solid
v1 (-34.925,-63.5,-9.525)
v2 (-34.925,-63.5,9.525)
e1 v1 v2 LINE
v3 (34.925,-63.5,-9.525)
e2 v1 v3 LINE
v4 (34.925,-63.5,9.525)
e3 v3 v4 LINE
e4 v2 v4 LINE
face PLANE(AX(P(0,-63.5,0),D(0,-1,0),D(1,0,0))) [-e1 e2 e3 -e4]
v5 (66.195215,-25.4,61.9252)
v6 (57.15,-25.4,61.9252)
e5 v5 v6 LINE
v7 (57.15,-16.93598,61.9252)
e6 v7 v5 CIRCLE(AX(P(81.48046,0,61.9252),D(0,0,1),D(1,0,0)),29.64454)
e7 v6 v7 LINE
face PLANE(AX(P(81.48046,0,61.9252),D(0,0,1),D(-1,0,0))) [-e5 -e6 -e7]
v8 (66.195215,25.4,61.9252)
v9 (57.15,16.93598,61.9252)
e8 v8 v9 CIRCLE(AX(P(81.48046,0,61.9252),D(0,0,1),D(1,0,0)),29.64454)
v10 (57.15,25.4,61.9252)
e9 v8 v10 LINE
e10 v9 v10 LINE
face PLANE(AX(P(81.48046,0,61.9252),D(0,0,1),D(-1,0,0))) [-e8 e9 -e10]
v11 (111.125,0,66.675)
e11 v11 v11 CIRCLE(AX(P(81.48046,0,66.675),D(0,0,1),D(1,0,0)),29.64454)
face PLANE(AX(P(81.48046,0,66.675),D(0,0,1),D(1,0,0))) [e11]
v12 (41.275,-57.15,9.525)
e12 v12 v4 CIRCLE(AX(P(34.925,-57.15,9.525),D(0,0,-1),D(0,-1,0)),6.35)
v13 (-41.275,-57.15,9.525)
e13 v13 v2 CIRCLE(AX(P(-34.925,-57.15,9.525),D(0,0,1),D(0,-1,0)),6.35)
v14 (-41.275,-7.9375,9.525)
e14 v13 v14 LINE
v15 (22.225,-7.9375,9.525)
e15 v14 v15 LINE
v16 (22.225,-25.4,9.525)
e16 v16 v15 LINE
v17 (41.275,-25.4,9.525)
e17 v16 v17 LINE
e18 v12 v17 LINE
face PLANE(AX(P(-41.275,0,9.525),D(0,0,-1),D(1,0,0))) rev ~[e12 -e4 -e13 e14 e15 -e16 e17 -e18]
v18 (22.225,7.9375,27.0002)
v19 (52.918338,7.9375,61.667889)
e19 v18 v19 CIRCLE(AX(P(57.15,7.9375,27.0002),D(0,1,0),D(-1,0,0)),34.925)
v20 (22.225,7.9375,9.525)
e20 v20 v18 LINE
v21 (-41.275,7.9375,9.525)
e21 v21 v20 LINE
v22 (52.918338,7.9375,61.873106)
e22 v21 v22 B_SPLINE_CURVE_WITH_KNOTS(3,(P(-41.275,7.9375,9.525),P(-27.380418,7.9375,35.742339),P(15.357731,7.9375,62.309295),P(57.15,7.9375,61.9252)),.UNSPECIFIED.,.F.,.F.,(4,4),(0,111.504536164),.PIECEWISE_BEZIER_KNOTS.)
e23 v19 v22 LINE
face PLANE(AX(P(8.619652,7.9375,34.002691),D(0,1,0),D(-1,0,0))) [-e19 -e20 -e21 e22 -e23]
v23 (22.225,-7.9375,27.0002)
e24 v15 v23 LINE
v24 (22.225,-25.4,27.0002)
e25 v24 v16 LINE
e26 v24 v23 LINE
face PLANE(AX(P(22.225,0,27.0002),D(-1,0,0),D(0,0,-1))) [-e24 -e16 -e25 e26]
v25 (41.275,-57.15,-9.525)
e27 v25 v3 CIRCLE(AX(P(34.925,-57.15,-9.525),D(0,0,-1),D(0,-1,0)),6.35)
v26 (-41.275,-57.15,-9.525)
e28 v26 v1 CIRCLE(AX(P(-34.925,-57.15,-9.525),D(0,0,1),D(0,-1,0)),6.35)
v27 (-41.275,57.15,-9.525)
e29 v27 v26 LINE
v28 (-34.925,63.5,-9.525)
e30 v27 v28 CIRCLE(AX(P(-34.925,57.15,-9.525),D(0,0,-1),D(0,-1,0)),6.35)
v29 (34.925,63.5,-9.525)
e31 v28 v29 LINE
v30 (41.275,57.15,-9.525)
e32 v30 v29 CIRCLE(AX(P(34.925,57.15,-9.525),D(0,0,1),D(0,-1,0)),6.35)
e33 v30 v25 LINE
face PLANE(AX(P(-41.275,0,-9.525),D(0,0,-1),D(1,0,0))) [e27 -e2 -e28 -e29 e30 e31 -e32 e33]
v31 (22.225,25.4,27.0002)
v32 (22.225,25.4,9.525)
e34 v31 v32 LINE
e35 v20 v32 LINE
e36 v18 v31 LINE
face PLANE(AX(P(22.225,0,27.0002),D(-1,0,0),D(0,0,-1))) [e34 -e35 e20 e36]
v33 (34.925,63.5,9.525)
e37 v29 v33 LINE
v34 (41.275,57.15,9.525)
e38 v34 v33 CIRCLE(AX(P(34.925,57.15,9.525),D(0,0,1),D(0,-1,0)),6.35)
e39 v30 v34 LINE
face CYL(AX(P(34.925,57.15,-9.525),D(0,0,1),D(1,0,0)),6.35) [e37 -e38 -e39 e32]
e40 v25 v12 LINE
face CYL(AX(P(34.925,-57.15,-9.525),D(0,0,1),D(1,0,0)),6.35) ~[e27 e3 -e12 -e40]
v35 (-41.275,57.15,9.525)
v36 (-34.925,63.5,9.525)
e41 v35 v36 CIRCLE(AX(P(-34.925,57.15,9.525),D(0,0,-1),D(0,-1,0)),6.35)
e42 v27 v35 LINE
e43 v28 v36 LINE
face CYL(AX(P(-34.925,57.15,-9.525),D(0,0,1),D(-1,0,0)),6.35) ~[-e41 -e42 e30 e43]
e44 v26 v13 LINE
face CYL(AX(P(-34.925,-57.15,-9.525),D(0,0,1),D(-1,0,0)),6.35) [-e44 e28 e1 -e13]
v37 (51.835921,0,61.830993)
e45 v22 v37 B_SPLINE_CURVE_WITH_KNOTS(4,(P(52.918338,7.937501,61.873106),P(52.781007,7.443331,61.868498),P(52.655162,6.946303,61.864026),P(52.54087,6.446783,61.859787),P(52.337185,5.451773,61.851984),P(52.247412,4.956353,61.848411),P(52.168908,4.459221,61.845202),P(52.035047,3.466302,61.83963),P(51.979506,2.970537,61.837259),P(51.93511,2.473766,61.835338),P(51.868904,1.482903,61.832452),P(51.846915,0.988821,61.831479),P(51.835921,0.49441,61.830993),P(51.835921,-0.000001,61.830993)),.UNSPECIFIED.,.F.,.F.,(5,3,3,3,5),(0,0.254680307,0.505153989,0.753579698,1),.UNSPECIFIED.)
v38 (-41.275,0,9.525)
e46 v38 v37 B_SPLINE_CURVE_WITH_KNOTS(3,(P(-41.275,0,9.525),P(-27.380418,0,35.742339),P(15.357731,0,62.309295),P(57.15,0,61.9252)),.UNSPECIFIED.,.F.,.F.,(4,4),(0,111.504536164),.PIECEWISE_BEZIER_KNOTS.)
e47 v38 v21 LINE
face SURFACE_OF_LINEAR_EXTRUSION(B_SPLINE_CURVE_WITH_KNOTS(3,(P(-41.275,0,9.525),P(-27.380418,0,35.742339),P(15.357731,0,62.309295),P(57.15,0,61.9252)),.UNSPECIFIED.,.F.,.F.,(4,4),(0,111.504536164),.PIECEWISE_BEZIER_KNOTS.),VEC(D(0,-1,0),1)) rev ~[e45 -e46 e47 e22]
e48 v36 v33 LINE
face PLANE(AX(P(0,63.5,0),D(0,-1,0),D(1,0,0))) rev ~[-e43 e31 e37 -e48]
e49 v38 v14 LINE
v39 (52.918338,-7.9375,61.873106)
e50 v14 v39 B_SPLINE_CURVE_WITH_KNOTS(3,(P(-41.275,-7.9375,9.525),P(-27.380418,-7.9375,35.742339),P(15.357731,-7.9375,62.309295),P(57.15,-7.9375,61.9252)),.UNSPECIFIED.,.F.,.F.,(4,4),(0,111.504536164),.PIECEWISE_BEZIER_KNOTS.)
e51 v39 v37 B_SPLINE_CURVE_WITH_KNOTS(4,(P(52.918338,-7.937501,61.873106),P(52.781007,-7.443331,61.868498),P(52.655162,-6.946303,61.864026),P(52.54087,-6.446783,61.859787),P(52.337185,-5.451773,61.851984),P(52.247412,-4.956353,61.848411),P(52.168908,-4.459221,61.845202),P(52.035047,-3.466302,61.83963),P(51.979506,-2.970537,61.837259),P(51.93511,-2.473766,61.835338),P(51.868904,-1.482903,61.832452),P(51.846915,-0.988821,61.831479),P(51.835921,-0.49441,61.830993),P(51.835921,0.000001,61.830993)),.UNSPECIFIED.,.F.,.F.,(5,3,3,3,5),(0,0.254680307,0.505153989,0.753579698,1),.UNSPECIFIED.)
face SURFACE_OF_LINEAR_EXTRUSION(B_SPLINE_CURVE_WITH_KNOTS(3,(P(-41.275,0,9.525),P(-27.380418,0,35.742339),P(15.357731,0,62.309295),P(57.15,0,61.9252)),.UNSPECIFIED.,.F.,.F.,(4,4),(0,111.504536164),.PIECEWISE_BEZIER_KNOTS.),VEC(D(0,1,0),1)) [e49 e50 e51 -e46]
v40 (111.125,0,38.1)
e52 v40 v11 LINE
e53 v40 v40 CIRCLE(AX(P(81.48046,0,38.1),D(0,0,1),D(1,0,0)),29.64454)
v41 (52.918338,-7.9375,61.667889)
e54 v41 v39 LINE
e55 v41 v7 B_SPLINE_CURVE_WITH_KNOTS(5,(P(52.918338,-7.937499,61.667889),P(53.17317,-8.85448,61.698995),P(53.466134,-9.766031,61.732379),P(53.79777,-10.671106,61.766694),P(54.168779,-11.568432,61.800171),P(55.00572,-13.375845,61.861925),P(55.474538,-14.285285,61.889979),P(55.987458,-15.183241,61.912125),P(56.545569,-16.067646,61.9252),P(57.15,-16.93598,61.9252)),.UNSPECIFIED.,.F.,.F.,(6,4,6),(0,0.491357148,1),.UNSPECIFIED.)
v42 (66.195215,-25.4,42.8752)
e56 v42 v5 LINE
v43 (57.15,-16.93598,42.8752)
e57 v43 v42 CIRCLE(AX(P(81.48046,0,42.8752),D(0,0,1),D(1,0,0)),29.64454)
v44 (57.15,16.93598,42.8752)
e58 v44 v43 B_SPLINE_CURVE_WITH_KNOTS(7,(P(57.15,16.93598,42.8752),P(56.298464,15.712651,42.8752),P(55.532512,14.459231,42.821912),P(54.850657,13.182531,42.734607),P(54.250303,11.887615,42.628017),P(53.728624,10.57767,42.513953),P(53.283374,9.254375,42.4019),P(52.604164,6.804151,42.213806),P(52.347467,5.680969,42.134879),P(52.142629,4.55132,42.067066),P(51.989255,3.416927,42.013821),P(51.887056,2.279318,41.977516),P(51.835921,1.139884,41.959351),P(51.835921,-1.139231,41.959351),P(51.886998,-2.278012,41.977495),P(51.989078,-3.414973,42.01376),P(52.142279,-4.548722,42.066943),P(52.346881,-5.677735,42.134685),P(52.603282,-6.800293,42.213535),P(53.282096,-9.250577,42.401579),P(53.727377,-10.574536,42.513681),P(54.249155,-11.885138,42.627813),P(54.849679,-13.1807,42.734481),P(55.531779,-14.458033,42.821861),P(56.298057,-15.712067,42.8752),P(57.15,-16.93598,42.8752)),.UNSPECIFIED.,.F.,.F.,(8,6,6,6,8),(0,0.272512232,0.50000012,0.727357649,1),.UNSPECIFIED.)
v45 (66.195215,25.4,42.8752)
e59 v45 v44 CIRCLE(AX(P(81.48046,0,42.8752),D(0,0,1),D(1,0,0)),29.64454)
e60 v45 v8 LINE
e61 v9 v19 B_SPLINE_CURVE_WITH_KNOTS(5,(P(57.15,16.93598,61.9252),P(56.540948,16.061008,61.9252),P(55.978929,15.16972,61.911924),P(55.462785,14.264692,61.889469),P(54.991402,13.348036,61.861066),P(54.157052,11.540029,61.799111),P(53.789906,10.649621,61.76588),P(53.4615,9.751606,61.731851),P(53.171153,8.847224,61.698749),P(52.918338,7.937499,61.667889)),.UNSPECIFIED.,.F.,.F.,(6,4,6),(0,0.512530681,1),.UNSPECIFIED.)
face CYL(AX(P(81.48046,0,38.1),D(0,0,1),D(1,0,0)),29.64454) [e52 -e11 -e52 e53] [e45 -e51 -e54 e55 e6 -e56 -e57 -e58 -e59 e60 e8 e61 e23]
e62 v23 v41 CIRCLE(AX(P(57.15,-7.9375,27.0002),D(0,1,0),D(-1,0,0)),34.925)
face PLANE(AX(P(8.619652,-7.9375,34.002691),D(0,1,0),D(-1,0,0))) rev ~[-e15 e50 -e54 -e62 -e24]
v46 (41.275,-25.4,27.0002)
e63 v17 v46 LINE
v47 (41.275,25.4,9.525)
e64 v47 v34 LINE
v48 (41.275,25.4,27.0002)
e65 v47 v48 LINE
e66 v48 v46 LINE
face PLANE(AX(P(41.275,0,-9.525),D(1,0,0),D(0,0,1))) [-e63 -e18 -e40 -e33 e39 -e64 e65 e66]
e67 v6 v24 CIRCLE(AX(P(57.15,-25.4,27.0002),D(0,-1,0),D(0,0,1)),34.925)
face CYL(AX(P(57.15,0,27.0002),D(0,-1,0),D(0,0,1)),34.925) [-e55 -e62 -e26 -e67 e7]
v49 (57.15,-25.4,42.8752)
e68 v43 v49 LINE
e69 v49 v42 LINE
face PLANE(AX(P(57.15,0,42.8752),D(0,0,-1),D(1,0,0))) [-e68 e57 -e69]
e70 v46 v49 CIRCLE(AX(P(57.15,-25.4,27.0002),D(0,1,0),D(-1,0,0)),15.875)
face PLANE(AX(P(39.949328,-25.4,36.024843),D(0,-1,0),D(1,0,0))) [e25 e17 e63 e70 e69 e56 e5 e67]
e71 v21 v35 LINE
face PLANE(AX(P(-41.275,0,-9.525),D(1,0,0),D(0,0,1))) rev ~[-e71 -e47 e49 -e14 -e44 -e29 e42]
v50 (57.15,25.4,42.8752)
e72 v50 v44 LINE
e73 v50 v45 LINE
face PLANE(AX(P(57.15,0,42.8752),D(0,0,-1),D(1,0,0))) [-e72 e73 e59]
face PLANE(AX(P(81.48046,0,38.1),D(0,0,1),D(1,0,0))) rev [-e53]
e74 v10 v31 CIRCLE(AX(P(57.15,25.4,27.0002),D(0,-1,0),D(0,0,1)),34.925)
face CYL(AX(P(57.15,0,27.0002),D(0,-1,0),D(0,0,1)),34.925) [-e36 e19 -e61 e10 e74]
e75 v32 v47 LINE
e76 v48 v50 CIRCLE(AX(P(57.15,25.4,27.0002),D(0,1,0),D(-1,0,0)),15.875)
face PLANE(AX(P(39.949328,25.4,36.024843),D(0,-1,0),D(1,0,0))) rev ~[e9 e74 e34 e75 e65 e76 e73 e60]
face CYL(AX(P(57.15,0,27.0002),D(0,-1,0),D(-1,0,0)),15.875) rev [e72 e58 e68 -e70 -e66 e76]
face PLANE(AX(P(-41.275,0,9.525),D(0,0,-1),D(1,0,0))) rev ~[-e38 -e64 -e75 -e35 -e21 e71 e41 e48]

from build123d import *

# Parameters (mm, degrees)
F1_W     = 82.55
F1_H     = 19.05
F2_DEPTH = 63.5
F0_W     = 21.1554604056
F0_H     = 19.05
F3_DEPTH = 25.4
F4_DEPTH = 7.9375
F6_R     = 6.35
F7_R     = 6.35


with BuildPart() as f2:
    # F1 (on Front) → F2 (new body, symmetric)
    with BuildSketch(Plane.XZ):
        Rectangle(F1_W, F1_H)
    extrude(amount=F2_DEPTH, both=True)

    # F0 (on Front) → F3 (join, symmetric)
    with BuildSketch(Plane.XZ):
        with BuildLine():
            Line((22.225, 9.525), (41.275, 9.525))
            Line((41.275, 9.525), (41.275, 27.0002))
            ThreePointArc((41.275, 27.0002), (45.9246798487, 38.2255201513), (57.15, 42.8752))
            Line((57.15, 42.8752), (60.325, 42.8752))
            Line((60.325, 42.8752), (60.325, 61.9252))
            Line((60.325, 61.9252), (57.15, 61.9252))
            ThreePointArc((57.15, 61.9252), (32.4542956671, 51.6959043329), (22.225, 27.0002))
            Line((22.225, 27.0002), (22.225, 9.525))
        make_face()
        with Locations((70.9027302028, 52.4002)):
            Rectangle(F0_W, F0_H)
    extrude(amount=F3_DEPTH, both=True)

    # F0 (on Front) → F4 (join, symmetric)
    with BuildSketch(Plane.XZ):
        with BuildLine():
            add(Edge.make_bspline(
                [(-41.275, 9.525), (-27.3804180324, 35.7423387468), (15.3577309102, 62.309294939), (57.15, 61.9252)],
                knots=[0, 0, 0, 0, 111.5045361635, 111.5045361635, 111.5045361635, 111.5045361635], degree=3))
            Line((-41.275, 9.525), (22.225, 9.525))
            Line((22.225, 9.525), (22.225, 27.0002))
            ThreePointArc((22.225, 27.0002), (32.4542956671, 51.6959043329), (57.15, 61.9252))
        make_face()
    extrude(amount=F4_DEPTH, both=True)

    # F0 (on Front) → F5 (revolve)
    with BuildSketch(Plane.XZ):
        Polygon((81.4804604056, 66.675), (81.4804604056, 61.9252), (81.4804604056, 42.8752), (81.4804604056, 38.1), (111.125, 38.1), (111.125, 66.675), align=None)
    revolve(axis=Axis((81.4804604056, 0, 52.3875), (0, 0, 1)))

    # F6
    f6_edges = [f2.edges().sort_by_distance(p)[0] for p in [
        (41.275, -63.5, 0),
        (-41.275, -63.5, 0),
        (41.275, 63.5, 0),
    ]]
    fillet(f6_edges, radius=F6_R)

    # F7
    f7_edges = [f2.edges().sort_by_distance(p)[0] for p in [
        (-41.275, 63.5, 0),
    ]]
    fillet(f7_edges, radius=F7_R)


solid = f2.part
